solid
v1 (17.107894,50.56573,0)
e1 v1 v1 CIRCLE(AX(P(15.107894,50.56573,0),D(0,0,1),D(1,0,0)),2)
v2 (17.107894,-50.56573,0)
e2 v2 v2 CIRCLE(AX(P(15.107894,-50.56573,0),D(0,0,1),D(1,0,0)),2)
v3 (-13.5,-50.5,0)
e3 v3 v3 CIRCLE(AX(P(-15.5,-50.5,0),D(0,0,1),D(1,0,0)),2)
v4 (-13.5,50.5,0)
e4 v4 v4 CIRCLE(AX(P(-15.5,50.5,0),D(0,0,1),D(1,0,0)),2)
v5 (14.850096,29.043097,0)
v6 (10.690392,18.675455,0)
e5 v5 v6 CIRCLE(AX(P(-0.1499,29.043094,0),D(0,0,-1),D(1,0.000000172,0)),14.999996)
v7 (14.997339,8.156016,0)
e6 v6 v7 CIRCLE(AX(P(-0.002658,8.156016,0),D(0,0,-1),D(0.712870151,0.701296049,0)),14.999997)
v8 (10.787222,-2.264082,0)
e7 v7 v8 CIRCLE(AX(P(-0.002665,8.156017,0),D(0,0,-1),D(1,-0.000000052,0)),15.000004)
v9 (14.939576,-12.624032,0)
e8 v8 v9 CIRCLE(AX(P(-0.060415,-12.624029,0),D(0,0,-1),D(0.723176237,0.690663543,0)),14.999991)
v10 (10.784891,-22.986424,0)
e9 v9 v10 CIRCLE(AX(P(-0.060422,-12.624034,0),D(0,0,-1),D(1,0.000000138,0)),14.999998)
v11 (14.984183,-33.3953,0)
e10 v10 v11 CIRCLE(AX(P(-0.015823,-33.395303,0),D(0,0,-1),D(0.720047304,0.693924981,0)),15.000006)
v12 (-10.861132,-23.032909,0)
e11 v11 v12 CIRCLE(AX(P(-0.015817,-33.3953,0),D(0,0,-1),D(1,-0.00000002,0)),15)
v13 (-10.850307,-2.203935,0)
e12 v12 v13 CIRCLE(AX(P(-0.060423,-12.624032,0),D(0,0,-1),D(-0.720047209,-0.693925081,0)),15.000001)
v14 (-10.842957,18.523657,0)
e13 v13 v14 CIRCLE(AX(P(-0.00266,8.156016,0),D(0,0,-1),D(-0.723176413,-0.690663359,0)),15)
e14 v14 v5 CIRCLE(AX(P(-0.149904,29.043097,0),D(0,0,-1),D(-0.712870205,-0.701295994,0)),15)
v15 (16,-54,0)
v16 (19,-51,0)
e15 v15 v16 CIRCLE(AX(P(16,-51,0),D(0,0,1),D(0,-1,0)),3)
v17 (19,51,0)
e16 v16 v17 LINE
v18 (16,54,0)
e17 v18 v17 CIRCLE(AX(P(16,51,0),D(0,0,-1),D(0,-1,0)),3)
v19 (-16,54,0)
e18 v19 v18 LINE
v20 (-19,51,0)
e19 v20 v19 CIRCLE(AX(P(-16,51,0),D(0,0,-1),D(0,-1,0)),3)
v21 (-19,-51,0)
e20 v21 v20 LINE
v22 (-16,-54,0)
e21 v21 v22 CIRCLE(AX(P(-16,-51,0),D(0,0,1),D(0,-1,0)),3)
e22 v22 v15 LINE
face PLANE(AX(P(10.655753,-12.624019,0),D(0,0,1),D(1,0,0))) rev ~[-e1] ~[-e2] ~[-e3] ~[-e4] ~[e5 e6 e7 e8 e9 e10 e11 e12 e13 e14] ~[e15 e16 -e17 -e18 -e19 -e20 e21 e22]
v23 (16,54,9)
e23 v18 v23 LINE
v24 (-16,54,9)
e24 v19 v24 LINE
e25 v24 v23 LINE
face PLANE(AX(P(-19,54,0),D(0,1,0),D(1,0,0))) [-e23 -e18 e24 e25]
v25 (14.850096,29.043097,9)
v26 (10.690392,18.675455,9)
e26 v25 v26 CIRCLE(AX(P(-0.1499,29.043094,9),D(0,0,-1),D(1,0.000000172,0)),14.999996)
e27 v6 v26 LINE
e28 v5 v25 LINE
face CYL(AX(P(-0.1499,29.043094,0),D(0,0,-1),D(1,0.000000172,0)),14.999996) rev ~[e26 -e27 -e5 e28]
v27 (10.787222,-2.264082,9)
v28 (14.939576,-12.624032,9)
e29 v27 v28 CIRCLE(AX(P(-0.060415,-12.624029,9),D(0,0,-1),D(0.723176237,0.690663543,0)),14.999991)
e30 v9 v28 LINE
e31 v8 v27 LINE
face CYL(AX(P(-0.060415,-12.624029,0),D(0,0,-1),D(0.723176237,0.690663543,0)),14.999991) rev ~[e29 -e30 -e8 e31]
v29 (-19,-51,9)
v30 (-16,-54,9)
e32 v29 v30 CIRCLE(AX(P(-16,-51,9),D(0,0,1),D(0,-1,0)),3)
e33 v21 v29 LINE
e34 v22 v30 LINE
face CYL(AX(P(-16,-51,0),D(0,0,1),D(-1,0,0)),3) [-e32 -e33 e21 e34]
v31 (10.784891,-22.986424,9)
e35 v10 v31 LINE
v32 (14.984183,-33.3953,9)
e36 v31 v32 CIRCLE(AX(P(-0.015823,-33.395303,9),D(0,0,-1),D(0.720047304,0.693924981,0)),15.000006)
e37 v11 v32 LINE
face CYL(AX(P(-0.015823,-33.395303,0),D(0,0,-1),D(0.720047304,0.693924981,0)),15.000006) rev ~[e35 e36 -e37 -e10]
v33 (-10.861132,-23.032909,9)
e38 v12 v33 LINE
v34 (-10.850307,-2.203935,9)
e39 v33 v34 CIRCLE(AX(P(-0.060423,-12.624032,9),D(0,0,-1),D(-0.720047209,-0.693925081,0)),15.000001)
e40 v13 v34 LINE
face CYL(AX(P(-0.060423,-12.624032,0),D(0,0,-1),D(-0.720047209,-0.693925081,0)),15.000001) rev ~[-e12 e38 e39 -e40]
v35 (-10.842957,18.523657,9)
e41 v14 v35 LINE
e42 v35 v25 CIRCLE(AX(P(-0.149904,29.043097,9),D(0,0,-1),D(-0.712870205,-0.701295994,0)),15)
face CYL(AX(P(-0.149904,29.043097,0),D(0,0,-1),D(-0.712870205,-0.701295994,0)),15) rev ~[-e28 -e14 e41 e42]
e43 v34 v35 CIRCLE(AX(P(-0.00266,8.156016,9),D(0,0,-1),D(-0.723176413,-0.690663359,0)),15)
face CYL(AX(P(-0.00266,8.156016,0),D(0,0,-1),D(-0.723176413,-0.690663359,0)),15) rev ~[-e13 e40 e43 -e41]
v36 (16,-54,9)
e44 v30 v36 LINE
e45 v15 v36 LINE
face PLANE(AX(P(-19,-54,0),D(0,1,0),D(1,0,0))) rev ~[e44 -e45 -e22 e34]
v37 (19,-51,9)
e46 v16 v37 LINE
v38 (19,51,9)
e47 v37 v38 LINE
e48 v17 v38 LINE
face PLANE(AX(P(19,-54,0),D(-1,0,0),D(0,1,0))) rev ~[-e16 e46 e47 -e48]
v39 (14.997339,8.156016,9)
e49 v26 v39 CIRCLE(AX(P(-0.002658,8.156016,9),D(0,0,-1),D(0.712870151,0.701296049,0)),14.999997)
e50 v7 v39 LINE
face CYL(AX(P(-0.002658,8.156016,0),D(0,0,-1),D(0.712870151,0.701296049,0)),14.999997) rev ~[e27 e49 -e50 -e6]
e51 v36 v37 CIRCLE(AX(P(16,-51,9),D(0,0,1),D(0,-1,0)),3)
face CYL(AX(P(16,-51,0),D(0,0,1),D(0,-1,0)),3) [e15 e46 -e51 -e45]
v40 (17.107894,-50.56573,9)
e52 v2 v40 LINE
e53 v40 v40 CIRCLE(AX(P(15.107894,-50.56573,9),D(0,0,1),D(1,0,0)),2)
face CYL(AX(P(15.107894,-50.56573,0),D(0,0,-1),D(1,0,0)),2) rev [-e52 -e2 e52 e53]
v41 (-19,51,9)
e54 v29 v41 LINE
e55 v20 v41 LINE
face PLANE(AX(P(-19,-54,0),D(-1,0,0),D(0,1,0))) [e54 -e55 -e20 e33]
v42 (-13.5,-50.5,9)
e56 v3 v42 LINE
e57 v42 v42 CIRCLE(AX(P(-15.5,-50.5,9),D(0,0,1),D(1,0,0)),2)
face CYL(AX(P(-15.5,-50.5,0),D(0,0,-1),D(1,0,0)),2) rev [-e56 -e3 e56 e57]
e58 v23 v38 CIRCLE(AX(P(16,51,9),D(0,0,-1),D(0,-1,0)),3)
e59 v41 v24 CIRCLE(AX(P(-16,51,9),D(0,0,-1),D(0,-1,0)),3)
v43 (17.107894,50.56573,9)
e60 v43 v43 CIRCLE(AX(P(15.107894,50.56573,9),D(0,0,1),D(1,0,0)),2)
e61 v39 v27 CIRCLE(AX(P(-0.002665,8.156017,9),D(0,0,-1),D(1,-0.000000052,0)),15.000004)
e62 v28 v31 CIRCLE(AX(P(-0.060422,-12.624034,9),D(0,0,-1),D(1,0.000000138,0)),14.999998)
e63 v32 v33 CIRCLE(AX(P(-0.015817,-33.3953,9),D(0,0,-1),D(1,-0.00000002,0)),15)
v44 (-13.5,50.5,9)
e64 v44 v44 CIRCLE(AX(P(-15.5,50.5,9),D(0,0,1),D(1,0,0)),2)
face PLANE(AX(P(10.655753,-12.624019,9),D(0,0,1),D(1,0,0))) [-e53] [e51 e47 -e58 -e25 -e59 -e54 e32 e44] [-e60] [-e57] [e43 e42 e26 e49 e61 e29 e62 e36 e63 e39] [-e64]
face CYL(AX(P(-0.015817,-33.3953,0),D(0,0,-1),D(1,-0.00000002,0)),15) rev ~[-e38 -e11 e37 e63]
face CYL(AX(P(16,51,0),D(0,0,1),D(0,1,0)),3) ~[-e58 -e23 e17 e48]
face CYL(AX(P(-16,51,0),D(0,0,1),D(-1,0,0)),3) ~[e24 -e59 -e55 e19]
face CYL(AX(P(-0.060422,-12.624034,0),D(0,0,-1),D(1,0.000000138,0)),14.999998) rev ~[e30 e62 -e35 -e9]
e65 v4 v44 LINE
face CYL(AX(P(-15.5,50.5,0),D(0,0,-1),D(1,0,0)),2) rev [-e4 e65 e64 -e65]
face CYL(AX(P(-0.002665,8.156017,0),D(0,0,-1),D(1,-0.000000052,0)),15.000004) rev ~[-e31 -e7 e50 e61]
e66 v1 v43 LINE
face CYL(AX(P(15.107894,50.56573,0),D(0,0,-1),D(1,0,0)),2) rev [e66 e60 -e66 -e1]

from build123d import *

# Parameters (mm, degrees)
F0_W     = 38
F0_H     = 108
F0_R     = 2
F1_DEPTH = 9
F2_R     = 3


with BuildPart() as f1:
    # F0 (on Top) → F1 (new body)
    with BuildSketch(Plane.XY):
        with BuildLine():
            ThreePointArc((5.706968, -5.714822), (7.712615, -8.087528), (8.791989, -11.000826))
            ThreePointArc((8.791989, -11.000826), (11.232354, -10.554221), (12.600096, -12.624032))
            ThreePointArc((12.600096, -12.624032), (11.232354, -14.693844), (8.791989, -14.247239))
            ThreePointArc((8.791989, -14.247239), (7.713498, -17.159023), (5.709659, -19.530996))
            ThreePointArc((5.709659, -19.530996), (8.425965, -20.996255), (10.784891, -22.986424))
            ThreePointArc((10.784891, -22.986424), (13.862215, -18.206159), (14.939576, -12.624032))
            ThreePointArc((14.939576, -12.624032), (13.862843, -7.043472), (10.787222, -2.264082))
            ThreePointArc((10.787222, -2.264082), (8.425588, -4.252233), (5.706968, -5.714822))
        make_face()
        with BuildLine():
            ThreePointArc((-8.919726, -11.038862), (-7.830592, -8.082615), (-5.789315, -5.682866))
            ThreePointArc((-5.789315, -5.682866), (-8.499762, -4.205185), (-10.850307, -2.203935))
            ThreePointArc((-10.850307, -2.203935), (-15.060422, -12.616237), (-10.861132, -23.032909))
            ThreePointArc((-10.861132, -23.032909), (-8.510775, -21.032627), (-5.800788, -19.555715))
            ThreePointArc((-5.800788, -19.555715), (-7.814796, -17.19237), (-8.905782, -14.285245))
            ThreePointArc((-8.905782, -14.285245), (-12.720827, -12.678409), (-8.919726, -11.038862))
        make_face()
        with BuildLine():
            ThreePointArc((5.603682, 1.265457), (8.381963, -0.225399), (10.787222, -2.264082))
            ThreePointArc((10.787222, -2.264082), (13.905039, 2.536774), (14.997339, 8.156016))
            ThreePointArc((14.997339, 8.156016), (13.878906, 13.839509), (10.690392, 18.675455))
            ThreePointArc((10.690392, 18.675455), (8.324534, 16.666348), (5.595827, 15.187174))
            ThreePointArc((5.595827, 15.187174), (7.57988, 12.907076), (8.697198, 10.09871))
            ThreePointArc((8.697198, 10.09871), (11.379114, 10.5015), (12.850096, 8.223097))
            ThreePointArc((12.850096, 8.223097), (11.379114, 5.944693), (8.697198, 6.347483))
            ThreePointArc((8.697198, 6.347483), (7.582521, 3.543455), (5.603682, 1.265457))
        make_face()
        with BuildLine():
            ThreePointArc((-10.842957, 18.523657), (-15.00266, 8.161334), (-10.850307, -2.203935))
            ThreePointArc((-10.850307, -2.203935), (-8.49497, -0.220064), (-5.784132, 1.241002))
            ThreePointArc((-5.784132, 1.241002), (-7.772737, 3.510479), (-8.899446, 6.309695))
            ThreePointArc((-8.899446, 6.309695), (-13.060362, 8.167454), (-8.915558, 10.060887))
            ThreePointArc((-8.915558, 10.060887), (-7.810312, 12.874025), (-5.83607, 15.162624))
            ThreePointArc((-5.83607, 15.162624), (-8.510157, 16.588935), (-10.842957, 18.523657))
        make_face()
        Rectangle(F0_W, F0_H)
        with Locations((-15.5, -50.5)):
            Circle(F0_R, mode=Mode.SUBTRACT)
        with BuildLine():
            ThreePointArc((14.997339, 8.156016), (13.905039, 2.536774), (10.787222, -2.264082))
            ThreePointArc((10.787222, -2.264082), (13.862843, -7.043472), (14.939576, -12.624032))
            ThreePointArc((14.939576, -12.624032), (13.862215, -18.206159), (10.784891, -22.986424))
            ThreePointArc((10.784891, -22.986424), (13.894801, -27.783287), (14.984183, -33.3953))
            ThreePointArc((14.984183, -33.3953), (-5.597944, -47.317938), (-10.861132, -23.032909))
            ThreePointArc((-10.861132, -23.032909), (-15.060422, -12.616237), (-10.850307, -2.203935))
            ThreePointArc((-10.850307, -2.203935), (-15.00266, 8.161334), (-10.842957, 18.523657))
            ThreePointArc((-10.842957, 18.523657), (-5.833397, 42.924664), (14.850096, 29.043097))
            ThreePointArc((14.850096, 29.043097), (13.771383, 23.457599), (10.690392, 18.675455))
            ThreePointArc((10.690392, 18.675455), (13.878906, 13.839509), (14.997339, 8.156016))
        make_face(mode=Mode.SUBTRACT)
        with Locations((15.107894, -50.56573)):
            Circle(F0_R, mode=Mode.SUBTRACT)
        with Locations((-15.5, 50.5)):
            Circle(F0_R, mode=Mode.SUBTRACT)
        with Locations((15.107894, 50.56573)):
            Circle(F0_R, mode=Mode.SUBTRACT)
    extrude(amount=F1_DEPTH)

    # F2
    f2_edges = [f1.edges().sort_by_distance(p)[0] for p in [
        (19, 54, 4.5),
        (19, -54, 4.5),
        (-19, -54, 4.5),
        (-19, 54, 4.5),
    ]]
    fillet(f2_edges, radius=F2_R)


solid = f1.part
